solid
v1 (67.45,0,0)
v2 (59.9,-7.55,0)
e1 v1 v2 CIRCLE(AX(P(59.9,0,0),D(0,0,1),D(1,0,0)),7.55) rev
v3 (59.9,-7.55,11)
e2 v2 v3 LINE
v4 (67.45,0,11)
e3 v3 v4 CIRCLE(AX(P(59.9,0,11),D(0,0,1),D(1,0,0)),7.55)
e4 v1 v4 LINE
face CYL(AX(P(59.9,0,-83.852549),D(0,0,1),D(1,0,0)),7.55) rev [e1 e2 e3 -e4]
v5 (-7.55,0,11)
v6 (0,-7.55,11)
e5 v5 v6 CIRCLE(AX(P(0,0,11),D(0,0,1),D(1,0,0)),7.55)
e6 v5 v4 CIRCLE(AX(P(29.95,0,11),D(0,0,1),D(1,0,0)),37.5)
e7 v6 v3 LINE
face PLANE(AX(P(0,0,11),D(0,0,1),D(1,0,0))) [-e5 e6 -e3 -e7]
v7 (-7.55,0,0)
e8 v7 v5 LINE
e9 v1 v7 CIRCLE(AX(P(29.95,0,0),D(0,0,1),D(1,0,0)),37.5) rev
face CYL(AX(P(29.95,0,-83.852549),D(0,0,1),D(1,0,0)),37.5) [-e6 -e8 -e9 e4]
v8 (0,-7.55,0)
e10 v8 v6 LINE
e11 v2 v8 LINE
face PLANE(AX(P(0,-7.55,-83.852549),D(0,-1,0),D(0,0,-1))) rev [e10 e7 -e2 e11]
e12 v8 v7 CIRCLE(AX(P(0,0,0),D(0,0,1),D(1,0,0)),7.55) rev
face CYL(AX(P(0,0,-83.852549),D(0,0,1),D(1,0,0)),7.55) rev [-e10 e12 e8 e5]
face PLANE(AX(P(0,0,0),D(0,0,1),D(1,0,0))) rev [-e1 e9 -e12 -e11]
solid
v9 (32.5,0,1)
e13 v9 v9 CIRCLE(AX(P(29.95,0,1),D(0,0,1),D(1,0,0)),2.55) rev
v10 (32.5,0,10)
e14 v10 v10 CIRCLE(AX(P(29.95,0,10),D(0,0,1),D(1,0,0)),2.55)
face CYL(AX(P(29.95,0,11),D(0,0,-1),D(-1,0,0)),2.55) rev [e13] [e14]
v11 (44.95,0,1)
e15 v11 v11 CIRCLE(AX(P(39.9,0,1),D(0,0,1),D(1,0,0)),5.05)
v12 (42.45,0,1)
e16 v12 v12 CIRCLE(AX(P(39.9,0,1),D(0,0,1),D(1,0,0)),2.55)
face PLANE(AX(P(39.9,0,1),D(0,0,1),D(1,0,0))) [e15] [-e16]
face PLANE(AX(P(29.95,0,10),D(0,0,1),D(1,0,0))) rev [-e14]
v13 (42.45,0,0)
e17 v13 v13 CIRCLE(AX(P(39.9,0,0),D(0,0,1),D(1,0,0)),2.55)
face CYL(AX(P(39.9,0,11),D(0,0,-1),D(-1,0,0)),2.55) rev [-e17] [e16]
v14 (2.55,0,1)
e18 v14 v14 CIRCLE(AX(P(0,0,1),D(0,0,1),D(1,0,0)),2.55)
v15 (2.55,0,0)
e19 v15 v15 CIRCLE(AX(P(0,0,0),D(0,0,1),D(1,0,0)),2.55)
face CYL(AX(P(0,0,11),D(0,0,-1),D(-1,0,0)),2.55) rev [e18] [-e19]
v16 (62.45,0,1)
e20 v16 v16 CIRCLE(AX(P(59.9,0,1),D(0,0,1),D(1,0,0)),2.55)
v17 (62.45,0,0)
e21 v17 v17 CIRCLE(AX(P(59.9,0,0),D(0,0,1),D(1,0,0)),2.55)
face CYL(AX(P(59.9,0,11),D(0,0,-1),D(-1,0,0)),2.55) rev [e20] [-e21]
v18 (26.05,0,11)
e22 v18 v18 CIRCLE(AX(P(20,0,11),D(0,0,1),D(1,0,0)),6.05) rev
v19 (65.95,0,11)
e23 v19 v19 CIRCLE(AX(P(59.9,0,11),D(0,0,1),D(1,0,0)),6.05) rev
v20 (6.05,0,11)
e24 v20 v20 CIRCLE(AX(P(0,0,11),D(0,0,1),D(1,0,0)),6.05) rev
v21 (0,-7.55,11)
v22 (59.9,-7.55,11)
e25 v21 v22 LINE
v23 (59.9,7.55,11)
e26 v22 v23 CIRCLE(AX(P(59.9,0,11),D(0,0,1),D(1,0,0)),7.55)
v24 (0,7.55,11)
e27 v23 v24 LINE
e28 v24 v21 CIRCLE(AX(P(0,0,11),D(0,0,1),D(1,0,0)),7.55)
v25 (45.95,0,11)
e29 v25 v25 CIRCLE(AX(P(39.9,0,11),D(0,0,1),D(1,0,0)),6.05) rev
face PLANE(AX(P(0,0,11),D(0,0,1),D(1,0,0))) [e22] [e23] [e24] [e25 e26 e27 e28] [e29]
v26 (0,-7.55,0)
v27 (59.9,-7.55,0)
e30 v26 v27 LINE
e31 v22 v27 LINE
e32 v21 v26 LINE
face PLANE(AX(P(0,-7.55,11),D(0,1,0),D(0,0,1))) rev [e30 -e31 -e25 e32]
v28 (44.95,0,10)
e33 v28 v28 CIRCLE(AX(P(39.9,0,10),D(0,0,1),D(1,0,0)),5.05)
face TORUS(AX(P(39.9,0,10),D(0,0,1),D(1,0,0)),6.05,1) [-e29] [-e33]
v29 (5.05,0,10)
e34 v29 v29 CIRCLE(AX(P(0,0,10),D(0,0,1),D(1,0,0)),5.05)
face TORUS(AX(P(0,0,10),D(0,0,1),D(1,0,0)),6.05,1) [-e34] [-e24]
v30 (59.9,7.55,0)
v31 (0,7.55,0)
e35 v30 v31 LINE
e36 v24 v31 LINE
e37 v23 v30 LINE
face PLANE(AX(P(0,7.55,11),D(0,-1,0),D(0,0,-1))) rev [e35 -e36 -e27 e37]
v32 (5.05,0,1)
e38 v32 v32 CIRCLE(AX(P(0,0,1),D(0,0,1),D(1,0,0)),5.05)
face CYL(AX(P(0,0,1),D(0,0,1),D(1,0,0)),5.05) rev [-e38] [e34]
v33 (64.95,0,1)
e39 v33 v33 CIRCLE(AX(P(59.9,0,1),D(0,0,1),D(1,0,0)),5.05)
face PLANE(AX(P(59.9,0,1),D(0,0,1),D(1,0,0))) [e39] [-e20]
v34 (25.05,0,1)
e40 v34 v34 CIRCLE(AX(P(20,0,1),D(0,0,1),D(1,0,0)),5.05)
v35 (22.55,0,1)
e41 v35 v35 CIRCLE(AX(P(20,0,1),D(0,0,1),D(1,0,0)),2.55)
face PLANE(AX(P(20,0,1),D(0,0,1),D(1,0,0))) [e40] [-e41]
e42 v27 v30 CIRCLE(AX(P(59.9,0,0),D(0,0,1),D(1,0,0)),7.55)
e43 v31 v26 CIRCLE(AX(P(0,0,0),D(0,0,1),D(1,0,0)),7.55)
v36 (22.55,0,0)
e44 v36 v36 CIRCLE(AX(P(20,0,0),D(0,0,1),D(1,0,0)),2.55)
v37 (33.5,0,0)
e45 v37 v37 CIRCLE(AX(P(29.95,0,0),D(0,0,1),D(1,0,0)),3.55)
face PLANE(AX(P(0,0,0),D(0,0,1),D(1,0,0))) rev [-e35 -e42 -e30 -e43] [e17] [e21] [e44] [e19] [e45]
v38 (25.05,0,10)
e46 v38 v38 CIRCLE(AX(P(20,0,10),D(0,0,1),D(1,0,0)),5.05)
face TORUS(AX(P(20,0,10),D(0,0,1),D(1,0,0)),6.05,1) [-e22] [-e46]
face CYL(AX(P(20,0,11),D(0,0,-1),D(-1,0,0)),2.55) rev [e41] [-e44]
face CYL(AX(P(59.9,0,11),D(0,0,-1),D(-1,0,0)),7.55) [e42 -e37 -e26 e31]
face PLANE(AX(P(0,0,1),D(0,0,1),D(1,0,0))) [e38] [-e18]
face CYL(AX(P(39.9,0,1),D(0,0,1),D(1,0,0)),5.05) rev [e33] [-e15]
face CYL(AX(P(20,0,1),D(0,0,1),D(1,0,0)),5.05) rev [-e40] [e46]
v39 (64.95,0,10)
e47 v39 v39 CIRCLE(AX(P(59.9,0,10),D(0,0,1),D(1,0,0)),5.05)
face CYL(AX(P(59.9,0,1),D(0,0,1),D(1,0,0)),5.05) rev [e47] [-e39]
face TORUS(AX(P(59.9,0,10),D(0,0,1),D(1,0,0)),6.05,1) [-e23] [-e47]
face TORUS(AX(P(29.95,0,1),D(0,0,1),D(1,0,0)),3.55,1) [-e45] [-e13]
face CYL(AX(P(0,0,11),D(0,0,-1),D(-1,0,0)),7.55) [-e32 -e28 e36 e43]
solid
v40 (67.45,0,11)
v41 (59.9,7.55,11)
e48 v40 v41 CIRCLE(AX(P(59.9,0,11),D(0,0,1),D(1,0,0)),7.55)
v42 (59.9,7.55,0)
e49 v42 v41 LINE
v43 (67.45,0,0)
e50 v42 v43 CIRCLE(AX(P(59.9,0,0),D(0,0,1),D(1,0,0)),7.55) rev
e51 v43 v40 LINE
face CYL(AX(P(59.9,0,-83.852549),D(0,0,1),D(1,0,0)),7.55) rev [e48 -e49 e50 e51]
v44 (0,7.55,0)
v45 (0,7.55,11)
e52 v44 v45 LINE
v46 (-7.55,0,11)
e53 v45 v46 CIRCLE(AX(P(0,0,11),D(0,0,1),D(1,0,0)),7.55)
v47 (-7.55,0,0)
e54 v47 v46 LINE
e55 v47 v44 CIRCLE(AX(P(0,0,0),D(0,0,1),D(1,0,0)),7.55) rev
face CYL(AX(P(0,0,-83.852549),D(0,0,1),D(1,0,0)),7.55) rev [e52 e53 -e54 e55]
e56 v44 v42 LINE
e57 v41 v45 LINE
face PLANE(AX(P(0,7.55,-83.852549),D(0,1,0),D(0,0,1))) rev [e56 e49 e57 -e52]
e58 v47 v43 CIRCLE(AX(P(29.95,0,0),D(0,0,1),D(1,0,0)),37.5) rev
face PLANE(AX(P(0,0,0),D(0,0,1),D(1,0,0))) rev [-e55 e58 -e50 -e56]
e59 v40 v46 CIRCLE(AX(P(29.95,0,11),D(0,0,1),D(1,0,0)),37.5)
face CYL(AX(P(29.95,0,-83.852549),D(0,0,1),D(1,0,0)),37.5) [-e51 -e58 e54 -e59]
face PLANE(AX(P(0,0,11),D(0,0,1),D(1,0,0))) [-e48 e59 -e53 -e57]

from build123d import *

# Parameters (mm, degrees)
SKETCH1_R             = 2.55
BOSS_EXTRUDE1_DEPTH   = 11
SKETCH2_R             = 5.05
CUT_EXTRUDE1_DEPTH    = 10
SKETCH3_R             = 2.55
BOSS_EXTRUDE2_DEPTH   = 1
BOSS_EXTRUDE3_DEPTH   = 11
BOSS_EXTRUDE3_2_DEPTH = 11
FILLET1_R             = 1


with BuildPart() as part:
    # Sketch1 → Boss-Extrude1 (new body)
    with BuildSketch(Plane.XY):
        with BuildLine():
            Line((0, 7.55), (59.9, 7.55))
            ThreePointArc((59.9, 7.55), (67.45, 0), (59.9, -7.55))
            Line((59.9, -7.55), (0, -7.55))
            ThreePointArc((0, -7.55), (-7.55, 0), (0, 7.55))
        make_face()
        with Locations((29.95, 0)):
            Circle(SKETCH1_R, mode=Mode.SUBTRACT)
        Circle(SKETCH1_R, mode=Mode.SUBTRACT)
        with Locations((59.9, 0)):
            Circle(SKETCH1_R, mode=Mode.SUBTRACT)
        with Locations((20, 0)):
            Circle(SKETCH1_R, mode=Mode.SUBTRACT)
        with Locations((39.9, 0)):
            Circle(SKETCH1_R, mode=Mode.SUBTRACT)
    extrude(amount=BOSS_EXTRUDE1_DEPTH)

    # Sketch2 → Cut-Extrude1 (cut)
    with BuildSketch(Plane.XY.offset(11)):
        Circle(SKETCH2_R)
        with Locations((59.9, 0)):
            Circle(SKETCH2_R)
        with Locations((20, 0)):
            Circle(SKETCH2_R)
        with Locations((39.9, 0)):
            Circle(SKETCH2_R)
    extrude(amount=-CUT_EXTRUDE1_DEPTH, mode=Mode.SUBTRACT)

    # Sketch3 → Boss-Extrude2 (add)
    with BuildSketch(Plane.XY.offset(11)):
        with Locations((29.95, 0)):
            Circle(SKETCH3_R)
    extrude(amount=-BOSS_EXTRUDE2_DEPTH)

    # Fillet1
    fillet1_edges = [part.edges().sort_by_distance(p)[0] for p in [
        (27.4, 0, 0),
        (-5.05, 0, 11),
        (34.85, 0, 11),
        (14.95, 0, 11),
        (54.85, 0, 11),
    ]]
    fillet(fillet1_edges, radius=FILLET1_R)


with BuildPart() as body_2:
    # Sketch4 → Boss-Extrude3 (new body)
    with BuildSketch(Plane.XY.offset(11)):
        with BuildLine():
            ThreePointArc((-7.55, 3.1e-08), (29.949999984, -37.5), (67.45, 0))
            ThreePointArc((67.45, 0), (65.238656198, -5.338656198), (59.9, -7.55))
            Line((59.9, -7.55), (0, -7.55))
            ThreePointArc((0, -7.55), (-5.338656209, -5.338656187), (-7.55, 3.1e-08))
        make_face()
    extrude(amount=-BOSS_EXTRUDE3_DEPTH)


with BuildPart() as body_3:
    # Sketch4 → Boss-Extrude3 2 (new body)
    with BuildSketch(Plane.XY.offset(11)):
        with BuildLine():
            ThreePointArc((59.9, 7.55), (65.238656198, 5.338656198), (67.45, 0))
            ThreePointArc((67.45, 0), (29.950000016, 37.5), (-7.55, 3.1e-08))
            ThreePointArc((-7.55, 3.1e-08), (-5.338656187, 5.338656209), (0, 7.55))
            Line((0, 7.55), (59.9, 7.55))
        make_face()
    extrude(amount=-BOSS_EXTRUDE3_2_DEPTH)


solid = Compound([part.part, body_2.part, body_3.part])
